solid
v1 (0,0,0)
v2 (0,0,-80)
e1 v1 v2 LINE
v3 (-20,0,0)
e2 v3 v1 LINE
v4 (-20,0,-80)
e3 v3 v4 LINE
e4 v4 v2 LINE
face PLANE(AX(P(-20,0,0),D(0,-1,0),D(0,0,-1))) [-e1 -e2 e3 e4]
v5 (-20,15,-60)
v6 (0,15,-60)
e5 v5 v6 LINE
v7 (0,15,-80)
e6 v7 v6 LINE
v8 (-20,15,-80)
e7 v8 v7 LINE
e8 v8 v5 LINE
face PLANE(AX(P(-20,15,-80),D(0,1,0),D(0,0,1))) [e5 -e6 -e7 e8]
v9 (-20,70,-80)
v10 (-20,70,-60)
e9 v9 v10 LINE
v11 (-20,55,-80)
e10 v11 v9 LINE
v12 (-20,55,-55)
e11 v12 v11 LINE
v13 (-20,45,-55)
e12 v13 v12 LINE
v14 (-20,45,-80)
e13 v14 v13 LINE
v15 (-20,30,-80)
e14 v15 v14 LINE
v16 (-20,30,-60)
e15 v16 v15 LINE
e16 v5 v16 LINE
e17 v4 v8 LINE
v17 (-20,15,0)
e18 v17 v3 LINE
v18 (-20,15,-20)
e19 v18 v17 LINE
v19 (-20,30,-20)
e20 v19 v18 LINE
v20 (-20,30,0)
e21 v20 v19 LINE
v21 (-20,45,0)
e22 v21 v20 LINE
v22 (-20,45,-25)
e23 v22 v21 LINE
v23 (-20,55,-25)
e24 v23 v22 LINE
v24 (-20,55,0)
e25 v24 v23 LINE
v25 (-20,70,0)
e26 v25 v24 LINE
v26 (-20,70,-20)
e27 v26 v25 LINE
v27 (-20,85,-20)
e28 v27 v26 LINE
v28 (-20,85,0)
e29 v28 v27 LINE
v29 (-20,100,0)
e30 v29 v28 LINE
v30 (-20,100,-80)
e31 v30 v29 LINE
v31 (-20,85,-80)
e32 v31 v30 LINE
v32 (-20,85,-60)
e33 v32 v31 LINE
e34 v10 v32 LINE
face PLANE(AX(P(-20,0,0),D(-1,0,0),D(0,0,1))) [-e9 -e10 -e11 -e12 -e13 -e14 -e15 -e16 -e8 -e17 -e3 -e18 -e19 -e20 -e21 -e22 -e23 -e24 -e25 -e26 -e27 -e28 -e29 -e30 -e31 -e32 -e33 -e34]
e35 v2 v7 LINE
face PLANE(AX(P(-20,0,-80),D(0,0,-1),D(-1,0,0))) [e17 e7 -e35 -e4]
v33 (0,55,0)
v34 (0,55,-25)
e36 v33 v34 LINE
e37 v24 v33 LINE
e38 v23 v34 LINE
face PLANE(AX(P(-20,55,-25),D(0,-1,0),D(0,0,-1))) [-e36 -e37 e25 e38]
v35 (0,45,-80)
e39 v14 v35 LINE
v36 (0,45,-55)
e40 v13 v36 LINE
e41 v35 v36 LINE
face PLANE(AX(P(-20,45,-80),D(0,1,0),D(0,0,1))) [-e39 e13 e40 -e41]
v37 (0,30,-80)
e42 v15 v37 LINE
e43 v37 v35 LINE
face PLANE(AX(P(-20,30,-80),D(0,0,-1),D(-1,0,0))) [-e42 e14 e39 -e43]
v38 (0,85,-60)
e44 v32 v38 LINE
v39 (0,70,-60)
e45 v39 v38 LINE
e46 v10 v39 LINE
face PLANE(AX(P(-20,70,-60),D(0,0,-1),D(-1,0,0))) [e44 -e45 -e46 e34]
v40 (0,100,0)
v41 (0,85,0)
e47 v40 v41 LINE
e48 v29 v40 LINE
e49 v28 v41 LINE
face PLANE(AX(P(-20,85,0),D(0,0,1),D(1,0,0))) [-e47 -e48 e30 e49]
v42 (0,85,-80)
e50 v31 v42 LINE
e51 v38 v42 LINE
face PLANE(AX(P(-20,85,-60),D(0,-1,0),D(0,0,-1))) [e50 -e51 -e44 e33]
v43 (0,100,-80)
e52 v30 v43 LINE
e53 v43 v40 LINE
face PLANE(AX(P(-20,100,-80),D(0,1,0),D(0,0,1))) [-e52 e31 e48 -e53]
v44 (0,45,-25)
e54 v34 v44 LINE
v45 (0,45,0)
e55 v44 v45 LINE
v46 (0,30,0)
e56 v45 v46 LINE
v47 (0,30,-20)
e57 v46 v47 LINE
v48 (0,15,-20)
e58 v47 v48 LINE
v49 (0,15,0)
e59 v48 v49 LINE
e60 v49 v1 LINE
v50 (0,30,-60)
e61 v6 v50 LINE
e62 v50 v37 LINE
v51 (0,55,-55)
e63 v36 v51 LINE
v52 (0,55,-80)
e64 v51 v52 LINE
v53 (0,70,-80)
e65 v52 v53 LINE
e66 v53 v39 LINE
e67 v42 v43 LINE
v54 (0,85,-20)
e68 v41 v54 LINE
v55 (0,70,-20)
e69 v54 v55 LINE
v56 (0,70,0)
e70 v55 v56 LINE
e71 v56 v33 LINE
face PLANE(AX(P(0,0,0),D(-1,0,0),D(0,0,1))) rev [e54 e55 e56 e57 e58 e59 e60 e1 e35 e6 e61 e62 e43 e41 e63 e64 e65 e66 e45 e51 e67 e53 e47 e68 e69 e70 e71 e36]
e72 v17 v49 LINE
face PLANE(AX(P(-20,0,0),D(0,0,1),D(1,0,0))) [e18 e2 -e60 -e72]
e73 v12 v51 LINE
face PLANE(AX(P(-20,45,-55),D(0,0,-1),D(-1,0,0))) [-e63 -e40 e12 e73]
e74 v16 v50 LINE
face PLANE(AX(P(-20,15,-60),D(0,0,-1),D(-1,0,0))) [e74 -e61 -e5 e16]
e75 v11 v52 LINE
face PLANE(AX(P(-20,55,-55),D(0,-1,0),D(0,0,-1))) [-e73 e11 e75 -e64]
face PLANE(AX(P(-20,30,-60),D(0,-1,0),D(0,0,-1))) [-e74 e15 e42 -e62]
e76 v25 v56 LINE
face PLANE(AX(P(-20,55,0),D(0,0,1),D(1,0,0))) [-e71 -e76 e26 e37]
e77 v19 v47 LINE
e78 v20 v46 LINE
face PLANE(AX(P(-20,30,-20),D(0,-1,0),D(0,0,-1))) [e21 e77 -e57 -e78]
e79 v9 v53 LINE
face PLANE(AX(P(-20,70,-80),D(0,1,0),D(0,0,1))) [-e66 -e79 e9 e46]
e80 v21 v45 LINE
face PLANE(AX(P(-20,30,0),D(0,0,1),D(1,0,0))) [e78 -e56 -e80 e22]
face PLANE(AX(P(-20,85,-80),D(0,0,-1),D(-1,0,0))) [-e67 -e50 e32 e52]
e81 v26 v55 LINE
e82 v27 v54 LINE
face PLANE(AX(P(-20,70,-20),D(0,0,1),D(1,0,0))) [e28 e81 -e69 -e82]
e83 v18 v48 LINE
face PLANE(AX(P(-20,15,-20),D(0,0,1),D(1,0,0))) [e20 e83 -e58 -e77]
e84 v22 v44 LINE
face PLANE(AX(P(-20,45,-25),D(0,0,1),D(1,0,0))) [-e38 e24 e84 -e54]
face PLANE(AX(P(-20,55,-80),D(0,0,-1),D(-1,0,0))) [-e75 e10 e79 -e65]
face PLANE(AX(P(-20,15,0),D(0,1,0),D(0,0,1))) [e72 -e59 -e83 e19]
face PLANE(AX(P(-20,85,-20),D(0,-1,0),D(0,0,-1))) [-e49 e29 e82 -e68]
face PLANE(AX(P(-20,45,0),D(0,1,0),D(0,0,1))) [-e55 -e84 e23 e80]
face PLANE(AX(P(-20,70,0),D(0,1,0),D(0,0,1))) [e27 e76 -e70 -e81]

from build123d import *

# Parameters (mm, degrees)
BOSS_EXTRUDE1_DEPTH = 20


with BuildPart() as part:
    # Sketch2 → Boss-Extrude1 (new body)
    with BuildSketch(Plane(origin=(0, 0, 0), x_dir=(0, 0, -1), z_dir=(1, 0, 0))):
        Polygon((0, 0), (80, 0), (80, 15), (60, 15), (60, 30), (80, 30), (80, 45), (55, 45), (55, 55), (80, 55), (80, 70), (60, 70), (60, 85), (80, 85), (80, 100), (0, 100), (0, 85), (20, 85), (20, 70), (0, 70), (0, 55), (25, 55), (25, 45), (0, 45), (0, 30), (20, 30), (20, 15), (0, 15), align=None)
    extrude(amount=-BOSS_EXTRUDE1_DEPTH)


solid = part.part
